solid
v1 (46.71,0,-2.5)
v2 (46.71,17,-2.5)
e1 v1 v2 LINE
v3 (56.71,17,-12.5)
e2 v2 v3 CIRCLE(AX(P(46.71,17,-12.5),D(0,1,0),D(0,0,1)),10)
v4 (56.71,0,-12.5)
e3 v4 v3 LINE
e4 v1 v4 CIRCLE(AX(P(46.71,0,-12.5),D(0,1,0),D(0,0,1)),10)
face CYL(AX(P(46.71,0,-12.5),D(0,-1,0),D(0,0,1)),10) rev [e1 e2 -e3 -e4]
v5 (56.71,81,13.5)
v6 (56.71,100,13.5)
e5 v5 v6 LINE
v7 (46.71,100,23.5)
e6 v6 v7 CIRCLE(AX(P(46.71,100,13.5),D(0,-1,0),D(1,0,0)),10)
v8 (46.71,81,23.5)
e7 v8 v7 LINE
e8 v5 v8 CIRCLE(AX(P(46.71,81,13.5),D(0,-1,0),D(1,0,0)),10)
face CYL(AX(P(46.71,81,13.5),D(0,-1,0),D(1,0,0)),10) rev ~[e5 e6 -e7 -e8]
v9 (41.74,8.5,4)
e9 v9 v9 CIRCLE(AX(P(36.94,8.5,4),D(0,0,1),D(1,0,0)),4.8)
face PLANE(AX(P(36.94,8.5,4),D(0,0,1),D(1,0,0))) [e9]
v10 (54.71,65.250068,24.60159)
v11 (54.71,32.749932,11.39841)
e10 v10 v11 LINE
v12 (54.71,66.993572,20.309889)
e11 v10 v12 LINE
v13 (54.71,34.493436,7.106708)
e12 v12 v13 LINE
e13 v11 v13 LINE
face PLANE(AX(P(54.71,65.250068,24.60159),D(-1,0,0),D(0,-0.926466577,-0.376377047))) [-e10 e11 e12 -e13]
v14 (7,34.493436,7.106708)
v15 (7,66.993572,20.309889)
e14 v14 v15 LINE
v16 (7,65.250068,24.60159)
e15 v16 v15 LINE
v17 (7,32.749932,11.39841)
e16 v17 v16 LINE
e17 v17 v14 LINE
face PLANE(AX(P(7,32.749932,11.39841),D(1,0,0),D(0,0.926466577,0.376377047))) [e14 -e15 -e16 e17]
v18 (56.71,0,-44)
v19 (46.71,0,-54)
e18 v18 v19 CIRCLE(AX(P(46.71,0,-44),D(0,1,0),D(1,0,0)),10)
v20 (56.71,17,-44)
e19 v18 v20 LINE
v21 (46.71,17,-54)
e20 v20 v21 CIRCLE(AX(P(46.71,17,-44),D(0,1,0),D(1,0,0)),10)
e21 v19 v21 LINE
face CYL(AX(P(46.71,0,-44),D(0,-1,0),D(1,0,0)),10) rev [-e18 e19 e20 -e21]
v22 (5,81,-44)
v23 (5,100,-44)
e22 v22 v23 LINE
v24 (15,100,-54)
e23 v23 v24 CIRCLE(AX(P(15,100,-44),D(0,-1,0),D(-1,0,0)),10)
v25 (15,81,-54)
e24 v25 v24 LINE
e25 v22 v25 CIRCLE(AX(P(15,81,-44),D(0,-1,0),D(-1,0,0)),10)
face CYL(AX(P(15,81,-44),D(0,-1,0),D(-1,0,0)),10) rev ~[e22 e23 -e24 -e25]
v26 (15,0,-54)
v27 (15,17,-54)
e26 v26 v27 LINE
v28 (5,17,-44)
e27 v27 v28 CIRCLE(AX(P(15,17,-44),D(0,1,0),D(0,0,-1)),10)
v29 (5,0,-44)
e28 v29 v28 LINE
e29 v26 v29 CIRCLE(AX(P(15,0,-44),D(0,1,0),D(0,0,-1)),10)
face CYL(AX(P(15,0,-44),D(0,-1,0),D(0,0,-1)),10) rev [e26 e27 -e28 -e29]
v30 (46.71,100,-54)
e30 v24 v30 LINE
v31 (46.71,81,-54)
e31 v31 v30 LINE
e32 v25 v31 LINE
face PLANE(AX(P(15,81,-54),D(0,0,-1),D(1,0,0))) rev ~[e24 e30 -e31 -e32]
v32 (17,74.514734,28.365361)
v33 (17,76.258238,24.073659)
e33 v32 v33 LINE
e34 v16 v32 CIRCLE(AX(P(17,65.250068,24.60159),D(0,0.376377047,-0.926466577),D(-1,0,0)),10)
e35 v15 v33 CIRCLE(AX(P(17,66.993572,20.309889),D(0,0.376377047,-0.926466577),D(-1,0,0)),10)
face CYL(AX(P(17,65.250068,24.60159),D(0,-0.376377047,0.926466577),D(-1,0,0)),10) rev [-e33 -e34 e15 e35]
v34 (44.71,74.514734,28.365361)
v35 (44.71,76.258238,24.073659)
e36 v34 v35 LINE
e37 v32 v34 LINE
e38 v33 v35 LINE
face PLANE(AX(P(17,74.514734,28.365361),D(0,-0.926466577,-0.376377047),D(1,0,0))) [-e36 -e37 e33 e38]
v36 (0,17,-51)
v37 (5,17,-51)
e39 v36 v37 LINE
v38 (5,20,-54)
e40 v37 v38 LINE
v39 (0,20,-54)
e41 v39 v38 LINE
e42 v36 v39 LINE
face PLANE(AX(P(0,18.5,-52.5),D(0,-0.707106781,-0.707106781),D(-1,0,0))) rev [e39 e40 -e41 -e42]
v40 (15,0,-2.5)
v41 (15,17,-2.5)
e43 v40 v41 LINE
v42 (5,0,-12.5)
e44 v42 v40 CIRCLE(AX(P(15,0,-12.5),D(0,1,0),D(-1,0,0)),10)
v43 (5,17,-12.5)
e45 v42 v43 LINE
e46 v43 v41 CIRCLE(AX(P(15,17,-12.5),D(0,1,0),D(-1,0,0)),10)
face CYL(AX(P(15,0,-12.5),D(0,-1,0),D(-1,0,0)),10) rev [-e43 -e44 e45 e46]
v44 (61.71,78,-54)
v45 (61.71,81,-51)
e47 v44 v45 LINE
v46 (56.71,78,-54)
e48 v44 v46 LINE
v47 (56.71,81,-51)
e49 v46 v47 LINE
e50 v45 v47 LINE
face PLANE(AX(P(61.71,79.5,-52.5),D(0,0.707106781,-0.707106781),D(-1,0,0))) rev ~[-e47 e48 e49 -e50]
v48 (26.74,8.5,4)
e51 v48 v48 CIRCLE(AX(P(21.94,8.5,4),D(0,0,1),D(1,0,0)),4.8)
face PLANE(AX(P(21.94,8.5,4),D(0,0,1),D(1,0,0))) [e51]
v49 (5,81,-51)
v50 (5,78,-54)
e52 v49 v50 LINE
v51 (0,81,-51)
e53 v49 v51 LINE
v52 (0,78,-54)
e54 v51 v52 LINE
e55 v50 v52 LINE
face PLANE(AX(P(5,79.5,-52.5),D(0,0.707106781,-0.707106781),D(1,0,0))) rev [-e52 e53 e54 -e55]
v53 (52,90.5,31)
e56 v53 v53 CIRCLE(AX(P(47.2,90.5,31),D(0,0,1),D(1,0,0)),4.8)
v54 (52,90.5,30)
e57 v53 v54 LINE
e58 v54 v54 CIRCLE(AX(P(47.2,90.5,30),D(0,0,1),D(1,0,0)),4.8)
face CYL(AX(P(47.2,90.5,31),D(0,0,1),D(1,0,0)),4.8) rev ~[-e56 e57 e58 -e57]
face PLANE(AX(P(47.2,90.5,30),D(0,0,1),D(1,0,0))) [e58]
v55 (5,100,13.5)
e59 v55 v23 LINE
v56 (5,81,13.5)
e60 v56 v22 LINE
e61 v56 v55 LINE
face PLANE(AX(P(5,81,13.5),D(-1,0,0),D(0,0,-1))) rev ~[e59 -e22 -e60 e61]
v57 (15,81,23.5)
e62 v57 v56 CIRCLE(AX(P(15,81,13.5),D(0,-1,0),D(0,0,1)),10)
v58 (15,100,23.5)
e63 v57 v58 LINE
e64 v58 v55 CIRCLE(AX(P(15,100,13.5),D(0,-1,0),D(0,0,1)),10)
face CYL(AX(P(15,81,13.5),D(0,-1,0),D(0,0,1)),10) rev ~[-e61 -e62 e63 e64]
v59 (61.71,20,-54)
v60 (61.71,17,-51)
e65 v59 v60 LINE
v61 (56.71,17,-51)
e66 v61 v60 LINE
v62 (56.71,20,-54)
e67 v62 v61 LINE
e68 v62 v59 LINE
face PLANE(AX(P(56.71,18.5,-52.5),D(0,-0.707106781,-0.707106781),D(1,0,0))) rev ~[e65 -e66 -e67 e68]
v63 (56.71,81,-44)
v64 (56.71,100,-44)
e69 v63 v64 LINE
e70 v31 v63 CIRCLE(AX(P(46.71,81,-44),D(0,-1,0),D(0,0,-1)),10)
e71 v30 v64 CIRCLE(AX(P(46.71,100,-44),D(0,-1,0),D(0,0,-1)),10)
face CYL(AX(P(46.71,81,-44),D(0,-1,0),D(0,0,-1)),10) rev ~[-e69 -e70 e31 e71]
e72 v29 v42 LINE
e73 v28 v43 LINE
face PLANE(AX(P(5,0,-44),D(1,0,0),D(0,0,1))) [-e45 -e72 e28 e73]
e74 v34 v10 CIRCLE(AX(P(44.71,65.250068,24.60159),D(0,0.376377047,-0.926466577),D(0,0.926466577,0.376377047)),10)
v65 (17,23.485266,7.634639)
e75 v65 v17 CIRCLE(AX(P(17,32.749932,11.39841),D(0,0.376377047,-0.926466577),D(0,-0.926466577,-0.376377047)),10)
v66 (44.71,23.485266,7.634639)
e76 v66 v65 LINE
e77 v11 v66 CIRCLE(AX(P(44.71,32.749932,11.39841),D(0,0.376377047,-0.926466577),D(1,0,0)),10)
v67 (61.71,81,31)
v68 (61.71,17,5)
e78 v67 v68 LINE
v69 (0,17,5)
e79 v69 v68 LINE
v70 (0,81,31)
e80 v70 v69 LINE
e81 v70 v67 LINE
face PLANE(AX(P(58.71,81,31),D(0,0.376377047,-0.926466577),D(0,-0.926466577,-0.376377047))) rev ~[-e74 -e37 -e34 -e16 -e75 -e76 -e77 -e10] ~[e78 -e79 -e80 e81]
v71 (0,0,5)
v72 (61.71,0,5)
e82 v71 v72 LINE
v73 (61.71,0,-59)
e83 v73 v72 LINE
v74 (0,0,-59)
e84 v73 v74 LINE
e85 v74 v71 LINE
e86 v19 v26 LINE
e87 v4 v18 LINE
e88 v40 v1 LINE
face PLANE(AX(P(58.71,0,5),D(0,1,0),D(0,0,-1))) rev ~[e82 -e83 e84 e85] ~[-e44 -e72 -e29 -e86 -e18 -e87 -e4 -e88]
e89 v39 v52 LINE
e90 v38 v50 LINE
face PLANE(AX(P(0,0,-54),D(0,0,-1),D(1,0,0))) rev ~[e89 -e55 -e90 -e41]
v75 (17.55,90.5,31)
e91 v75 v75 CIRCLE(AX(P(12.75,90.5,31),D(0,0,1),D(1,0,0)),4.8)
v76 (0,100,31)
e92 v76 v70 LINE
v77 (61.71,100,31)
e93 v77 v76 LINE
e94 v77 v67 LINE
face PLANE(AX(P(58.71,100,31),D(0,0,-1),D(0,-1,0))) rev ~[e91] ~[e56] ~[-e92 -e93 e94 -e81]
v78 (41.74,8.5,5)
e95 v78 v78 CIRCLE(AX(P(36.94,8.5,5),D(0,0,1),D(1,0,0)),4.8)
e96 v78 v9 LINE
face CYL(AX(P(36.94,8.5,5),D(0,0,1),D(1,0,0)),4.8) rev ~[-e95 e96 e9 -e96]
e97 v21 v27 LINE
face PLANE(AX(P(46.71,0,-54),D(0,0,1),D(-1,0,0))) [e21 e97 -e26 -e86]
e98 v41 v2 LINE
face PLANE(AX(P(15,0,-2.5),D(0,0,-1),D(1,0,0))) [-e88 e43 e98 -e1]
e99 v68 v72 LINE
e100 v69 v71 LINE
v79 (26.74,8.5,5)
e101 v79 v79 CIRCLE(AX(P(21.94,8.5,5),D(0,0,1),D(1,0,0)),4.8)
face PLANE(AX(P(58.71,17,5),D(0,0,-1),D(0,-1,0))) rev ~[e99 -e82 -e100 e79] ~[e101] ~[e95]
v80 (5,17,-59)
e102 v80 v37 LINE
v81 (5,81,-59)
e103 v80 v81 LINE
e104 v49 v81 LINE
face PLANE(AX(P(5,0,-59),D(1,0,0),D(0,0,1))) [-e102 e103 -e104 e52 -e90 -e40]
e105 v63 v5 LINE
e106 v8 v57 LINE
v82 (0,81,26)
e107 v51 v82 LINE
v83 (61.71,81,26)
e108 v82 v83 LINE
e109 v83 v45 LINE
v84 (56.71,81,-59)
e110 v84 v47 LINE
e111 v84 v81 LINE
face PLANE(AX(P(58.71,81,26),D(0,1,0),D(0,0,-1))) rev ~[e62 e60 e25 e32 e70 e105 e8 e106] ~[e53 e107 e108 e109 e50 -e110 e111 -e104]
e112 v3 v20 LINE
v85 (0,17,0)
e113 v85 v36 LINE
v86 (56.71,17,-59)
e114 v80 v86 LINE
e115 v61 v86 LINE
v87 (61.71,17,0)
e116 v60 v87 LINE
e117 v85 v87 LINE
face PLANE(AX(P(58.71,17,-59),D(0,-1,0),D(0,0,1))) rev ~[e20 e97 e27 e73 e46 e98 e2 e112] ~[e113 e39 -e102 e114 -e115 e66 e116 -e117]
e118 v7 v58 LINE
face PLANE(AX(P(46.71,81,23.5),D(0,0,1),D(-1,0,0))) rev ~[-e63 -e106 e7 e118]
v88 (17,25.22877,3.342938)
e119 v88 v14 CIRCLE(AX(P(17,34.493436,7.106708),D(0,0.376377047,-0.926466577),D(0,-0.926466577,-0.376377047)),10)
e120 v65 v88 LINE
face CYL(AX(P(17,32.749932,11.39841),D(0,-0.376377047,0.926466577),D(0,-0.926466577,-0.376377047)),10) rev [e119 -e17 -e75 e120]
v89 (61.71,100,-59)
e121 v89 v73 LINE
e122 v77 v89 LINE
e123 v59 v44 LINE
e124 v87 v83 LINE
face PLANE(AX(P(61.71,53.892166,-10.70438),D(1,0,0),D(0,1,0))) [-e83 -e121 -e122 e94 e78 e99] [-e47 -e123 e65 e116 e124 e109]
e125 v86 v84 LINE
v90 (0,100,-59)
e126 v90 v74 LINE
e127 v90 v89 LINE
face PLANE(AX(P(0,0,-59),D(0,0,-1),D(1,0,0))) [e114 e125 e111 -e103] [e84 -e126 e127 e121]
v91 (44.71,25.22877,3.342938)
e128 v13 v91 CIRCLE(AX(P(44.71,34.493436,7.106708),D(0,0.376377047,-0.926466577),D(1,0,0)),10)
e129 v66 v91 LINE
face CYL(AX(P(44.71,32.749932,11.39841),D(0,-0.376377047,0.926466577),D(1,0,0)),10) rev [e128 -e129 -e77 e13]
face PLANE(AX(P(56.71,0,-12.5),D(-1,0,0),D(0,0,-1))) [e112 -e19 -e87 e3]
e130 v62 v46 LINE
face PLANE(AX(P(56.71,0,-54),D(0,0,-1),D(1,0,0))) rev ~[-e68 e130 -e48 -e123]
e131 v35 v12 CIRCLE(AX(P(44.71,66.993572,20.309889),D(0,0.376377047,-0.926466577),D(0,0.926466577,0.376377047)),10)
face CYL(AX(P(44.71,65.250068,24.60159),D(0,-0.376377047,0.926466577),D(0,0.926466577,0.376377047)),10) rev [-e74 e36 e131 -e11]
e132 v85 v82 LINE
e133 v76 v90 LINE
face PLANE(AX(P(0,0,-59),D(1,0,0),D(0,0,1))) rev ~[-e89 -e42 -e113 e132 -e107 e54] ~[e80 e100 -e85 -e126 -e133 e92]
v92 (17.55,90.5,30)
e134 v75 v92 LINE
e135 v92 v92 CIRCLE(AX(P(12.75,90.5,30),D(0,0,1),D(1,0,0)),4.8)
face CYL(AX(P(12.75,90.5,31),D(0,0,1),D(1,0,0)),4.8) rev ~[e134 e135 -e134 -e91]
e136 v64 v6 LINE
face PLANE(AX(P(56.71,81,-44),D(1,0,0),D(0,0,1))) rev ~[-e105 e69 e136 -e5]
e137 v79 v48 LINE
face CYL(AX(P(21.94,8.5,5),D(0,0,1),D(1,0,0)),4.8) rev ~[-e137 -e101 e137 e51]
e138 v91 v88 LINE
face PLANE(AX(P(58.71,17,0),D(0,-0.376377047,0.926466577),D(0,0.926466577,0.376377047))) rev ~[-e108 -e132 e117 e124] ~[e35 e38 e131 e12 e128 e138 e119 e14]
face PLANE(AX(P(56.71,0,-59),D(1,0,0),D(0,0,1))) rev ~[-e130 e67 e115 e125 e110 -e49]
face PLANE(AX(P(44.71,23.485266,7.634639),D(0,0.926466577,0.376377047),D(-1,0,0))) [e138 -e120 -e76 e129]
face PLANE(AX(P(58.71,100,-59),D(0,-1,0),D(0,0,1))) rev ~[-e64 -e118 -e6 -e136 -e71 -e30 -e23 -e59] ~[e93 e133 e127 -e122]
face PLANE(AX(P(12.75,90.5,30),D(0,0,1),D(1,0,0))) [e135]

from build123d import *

# Parameters (mm, degrees)
BOSS_EXTRUDE1_DEPTH = 58.71
SKETCH4_R           = 4.8
CUT_EXTRUDE1_DEPTH  = 1
SKETCH5_R           = 4.8
CUT_EXTRUDE2_DEPTH  = 1
SKETCH6_W           = 19
SKETCH6_H           = 26
BOSS_EXTRUDE3_DEPTH = 58.71
SKETCH7_W           = 58.71
SKETCH7_H           = 17
SKETCH7_H_2         = 19
BOSS_EXTRUDE4_DEPTH = 59
BOSS_EXTRUDE5_DEPTH = 3
CUT_EXTRUDE3_DEPTH  = 17
CUT_EXTRUDE4_START  = -19
CUT_EXTRUDE4_DEPTH  = 19
CUT_EXTRUDE5_DEPTH  = 4.632332886
SKETCH12_W          = 5
SKETCH12_H          = 5
BOSS_EXTRUDE6_DEPTH = 100
CHAMFER1_SIZE       = 3


with BuildPart() as part:
    # Sketch3 → Boss-Extrude1 (new body)
    with BuildSketch(Plane.YZ):
        Polygon((0, 5), (0, 0), (17, 0), (81, 26), (100, 26), (100, 31), (81, 31), (17, 5), align=None)
    extrude(amount=BOSS_EXTRUDE1_DEPTH)

    # Sketch4 → Cut-Extrude1 (cut)
    with BuildSketch(Plane.XY.offset(31)):
        with Locations((12.75, 90.5)):
            Circle(SKETCH4_R)
        with Locations((47.2, 90.5)):
            Circle(SKETCH4_R)
    extrude(amount=-CUT_EXTRUDE1_DEPTH, mode=Mode.SUBTRACT)

    # Sketch5 → Cut-Extrude2 (cut)
    with BuildSketch(Plane.XY.offset(5)):
        with Locations((21.94, 8.5)):
            Circle(SKETCH5_R)
        with Locations((36.94, 8.5)):
            Circle(SKETCH5_R)
    extrude(amount=-CUT_EXTRUDE2_DEPTH, mode=Mode.SUBTRACT)

    # Sketch6 → Boss-Extrude3 (add)
    with BuildSketch(Plane.YZ.offset(58.71)):
        with Locations((90.5, 13)):
            Rectangle(SKETCH6_W, SKETCH6_H)
    extrude(amount=-BOSS_EXTRUDE3_DEPTH)

    # Sketch7 → Boss-Extrude4 (add)
    with BuildSketch(Plane(origin=(0, 0, 0), x_dir=(1, 0, 0), z_dir=(0, 0, -1))):
        with Locations((29.355, -8.5)):
            Rectangle(SKETCH7_W, SKETCH7_H)
        with Locations((29.355, -90.5)):
            Rectangle(SKETCH7_W, SKETCH7_H_2)
    extrude(amount=BOSS_EXTRUDE4_DEPTH)

    # Sketch8 → Boss-Extrude5 (add)
    with BuildSketch(Plane.YZ.offset(58.71)):
        Polygon((100, 31), (81, 31), (17, 5), (0, 5), (0, -59), (17, -59), (17, 0), (81, 26), (81, -59), (100, -59), align=None)
    extrude(amount=BOSS_EXTRUDE5_DEPTH)

    # Sketch9 → Cut-Extrude3 (cut)
    with BuildSketch(Plane.XZ):
        with BuildLine():
            Line((15, -2.5), (46.71, -2.5))
            ThreePointArc((46.71, -2.5), (53.781067812, -5.428932188), (56.71, -12.5))
            Line((56.71, -12.5), (56.71, -44))
            ThreePointArc((56.71, -44), (53.781067812, -51.071067812), (46.71, -54))
            Line((46.71, -54), (15, -54))
            ThreePointArc((15, -54), (7.928932188, -51.071067812), (5, -44))
            Line((5, -44), (5, -12.5))
            ThreePointArc((5, -12.5), (7.928932188, -5.428932188), (15, -2.5))
        make_face()
    extrude(amount=-CUT_EXTRUDE3_DEPTH, mode=Mode.SUBTRACT)

    # Sketch10 → Cut-Extrude4 (cut)
    with BuildSketch(Plane(origin=(0, 100, 0), x_dir=(-1, 0, 0), z_dir=(0, 1, 0)).offset(CUT_EXTRUDE4_START)):
        with BuildLine():
            Line((-46.71, 23.5), (-15, 23.5))
            ThreePointArc((-15, 23.5), (-7.928932188, 20.571067812), (-5, 13.5))
            Line((-5, 13.5), (-5, -44))
            ThreePointArc((-5, -44), (-7.928932188, -51.071067812), (-15, -54))
            Line((-15, -54), (-46.71, -54))
            ThreePointArc((-46.71, -54), (-53.781067812, -51.071067812), (-56.71, -44))
            Line((-56.71, -44), (-56.71, 13.5))
            ThreePointArc((-56.71, 13.5), (-53.781067812, 20.571067812), (-46.71, 23.5))
        make_face()
    extrude(amount=CUT_EXTRUDE4_DEPTH, mode=Mode.SUBTRACT)

    # Sketch11 → Cut-Extrude5 (cut)
    with BuildSketch(Plane(origin=(0, 0.664710813, -1.636211232), x_dir=(1, 0, 0), z_dir=(0, -0.376377046955938, 0.9264665771223093))):
        with BuildLine():
            Line((17, 79.711481203), (44.71, 79.711481203))
            ThreePointArc((44.71, 79.711481203), (51.781067812, 76.782549014), (54.71, 69.711481203))
            Line((54.71, 69.711481203), (54.71, 34.631817046))
            ThreePointArc((54.71, 34.631817046), (51.781067812, 27.560749234), (44.71, 24.631817046))
            Line((44.71, 24.631817046), (17, 24.631817046))
            ThreePointArc((17, 24.631817046), (9.928932188, 27.560749234), (7, 34.631817046))
            Line((7, 34.631817046), (7, 69.711481203))
            ThreePointArc((7, 69.711481203), (9.928932188, 76.782549014), (17, 79.711481203))
        make_face()
    extrude(amount=-CUT_EXTRUDE5_DEPTH, mode=Mode.SUBTRACT)

    # Sketch12 → Boss-Extrude6 (add)
    with BuildSketch(Plane.XZ):
        with Locations((2.5, -56.5)):
            Rectangle(SKETCH12_W, SKETCH12_H)
        with Locations((59.21, -56.5)):
            Rectangle(SKETCH12_W, SKETCH12_H)
    extrude(amount=-BOSS_EXTRUDE6_DEPTH)

    # Chamfer1
    chamfer1_edges = [part.edges().sort_by_distance(p)[0] for p in [
        (2.5, 17, -54),
        (2.5, 81, -54),
        (59.21, 81, -54),
        (59.21, 17, -54),
    ]]
    chamfer(chamfer1_edges, length=CHAMFER1_SIZE)


solid = part.part
